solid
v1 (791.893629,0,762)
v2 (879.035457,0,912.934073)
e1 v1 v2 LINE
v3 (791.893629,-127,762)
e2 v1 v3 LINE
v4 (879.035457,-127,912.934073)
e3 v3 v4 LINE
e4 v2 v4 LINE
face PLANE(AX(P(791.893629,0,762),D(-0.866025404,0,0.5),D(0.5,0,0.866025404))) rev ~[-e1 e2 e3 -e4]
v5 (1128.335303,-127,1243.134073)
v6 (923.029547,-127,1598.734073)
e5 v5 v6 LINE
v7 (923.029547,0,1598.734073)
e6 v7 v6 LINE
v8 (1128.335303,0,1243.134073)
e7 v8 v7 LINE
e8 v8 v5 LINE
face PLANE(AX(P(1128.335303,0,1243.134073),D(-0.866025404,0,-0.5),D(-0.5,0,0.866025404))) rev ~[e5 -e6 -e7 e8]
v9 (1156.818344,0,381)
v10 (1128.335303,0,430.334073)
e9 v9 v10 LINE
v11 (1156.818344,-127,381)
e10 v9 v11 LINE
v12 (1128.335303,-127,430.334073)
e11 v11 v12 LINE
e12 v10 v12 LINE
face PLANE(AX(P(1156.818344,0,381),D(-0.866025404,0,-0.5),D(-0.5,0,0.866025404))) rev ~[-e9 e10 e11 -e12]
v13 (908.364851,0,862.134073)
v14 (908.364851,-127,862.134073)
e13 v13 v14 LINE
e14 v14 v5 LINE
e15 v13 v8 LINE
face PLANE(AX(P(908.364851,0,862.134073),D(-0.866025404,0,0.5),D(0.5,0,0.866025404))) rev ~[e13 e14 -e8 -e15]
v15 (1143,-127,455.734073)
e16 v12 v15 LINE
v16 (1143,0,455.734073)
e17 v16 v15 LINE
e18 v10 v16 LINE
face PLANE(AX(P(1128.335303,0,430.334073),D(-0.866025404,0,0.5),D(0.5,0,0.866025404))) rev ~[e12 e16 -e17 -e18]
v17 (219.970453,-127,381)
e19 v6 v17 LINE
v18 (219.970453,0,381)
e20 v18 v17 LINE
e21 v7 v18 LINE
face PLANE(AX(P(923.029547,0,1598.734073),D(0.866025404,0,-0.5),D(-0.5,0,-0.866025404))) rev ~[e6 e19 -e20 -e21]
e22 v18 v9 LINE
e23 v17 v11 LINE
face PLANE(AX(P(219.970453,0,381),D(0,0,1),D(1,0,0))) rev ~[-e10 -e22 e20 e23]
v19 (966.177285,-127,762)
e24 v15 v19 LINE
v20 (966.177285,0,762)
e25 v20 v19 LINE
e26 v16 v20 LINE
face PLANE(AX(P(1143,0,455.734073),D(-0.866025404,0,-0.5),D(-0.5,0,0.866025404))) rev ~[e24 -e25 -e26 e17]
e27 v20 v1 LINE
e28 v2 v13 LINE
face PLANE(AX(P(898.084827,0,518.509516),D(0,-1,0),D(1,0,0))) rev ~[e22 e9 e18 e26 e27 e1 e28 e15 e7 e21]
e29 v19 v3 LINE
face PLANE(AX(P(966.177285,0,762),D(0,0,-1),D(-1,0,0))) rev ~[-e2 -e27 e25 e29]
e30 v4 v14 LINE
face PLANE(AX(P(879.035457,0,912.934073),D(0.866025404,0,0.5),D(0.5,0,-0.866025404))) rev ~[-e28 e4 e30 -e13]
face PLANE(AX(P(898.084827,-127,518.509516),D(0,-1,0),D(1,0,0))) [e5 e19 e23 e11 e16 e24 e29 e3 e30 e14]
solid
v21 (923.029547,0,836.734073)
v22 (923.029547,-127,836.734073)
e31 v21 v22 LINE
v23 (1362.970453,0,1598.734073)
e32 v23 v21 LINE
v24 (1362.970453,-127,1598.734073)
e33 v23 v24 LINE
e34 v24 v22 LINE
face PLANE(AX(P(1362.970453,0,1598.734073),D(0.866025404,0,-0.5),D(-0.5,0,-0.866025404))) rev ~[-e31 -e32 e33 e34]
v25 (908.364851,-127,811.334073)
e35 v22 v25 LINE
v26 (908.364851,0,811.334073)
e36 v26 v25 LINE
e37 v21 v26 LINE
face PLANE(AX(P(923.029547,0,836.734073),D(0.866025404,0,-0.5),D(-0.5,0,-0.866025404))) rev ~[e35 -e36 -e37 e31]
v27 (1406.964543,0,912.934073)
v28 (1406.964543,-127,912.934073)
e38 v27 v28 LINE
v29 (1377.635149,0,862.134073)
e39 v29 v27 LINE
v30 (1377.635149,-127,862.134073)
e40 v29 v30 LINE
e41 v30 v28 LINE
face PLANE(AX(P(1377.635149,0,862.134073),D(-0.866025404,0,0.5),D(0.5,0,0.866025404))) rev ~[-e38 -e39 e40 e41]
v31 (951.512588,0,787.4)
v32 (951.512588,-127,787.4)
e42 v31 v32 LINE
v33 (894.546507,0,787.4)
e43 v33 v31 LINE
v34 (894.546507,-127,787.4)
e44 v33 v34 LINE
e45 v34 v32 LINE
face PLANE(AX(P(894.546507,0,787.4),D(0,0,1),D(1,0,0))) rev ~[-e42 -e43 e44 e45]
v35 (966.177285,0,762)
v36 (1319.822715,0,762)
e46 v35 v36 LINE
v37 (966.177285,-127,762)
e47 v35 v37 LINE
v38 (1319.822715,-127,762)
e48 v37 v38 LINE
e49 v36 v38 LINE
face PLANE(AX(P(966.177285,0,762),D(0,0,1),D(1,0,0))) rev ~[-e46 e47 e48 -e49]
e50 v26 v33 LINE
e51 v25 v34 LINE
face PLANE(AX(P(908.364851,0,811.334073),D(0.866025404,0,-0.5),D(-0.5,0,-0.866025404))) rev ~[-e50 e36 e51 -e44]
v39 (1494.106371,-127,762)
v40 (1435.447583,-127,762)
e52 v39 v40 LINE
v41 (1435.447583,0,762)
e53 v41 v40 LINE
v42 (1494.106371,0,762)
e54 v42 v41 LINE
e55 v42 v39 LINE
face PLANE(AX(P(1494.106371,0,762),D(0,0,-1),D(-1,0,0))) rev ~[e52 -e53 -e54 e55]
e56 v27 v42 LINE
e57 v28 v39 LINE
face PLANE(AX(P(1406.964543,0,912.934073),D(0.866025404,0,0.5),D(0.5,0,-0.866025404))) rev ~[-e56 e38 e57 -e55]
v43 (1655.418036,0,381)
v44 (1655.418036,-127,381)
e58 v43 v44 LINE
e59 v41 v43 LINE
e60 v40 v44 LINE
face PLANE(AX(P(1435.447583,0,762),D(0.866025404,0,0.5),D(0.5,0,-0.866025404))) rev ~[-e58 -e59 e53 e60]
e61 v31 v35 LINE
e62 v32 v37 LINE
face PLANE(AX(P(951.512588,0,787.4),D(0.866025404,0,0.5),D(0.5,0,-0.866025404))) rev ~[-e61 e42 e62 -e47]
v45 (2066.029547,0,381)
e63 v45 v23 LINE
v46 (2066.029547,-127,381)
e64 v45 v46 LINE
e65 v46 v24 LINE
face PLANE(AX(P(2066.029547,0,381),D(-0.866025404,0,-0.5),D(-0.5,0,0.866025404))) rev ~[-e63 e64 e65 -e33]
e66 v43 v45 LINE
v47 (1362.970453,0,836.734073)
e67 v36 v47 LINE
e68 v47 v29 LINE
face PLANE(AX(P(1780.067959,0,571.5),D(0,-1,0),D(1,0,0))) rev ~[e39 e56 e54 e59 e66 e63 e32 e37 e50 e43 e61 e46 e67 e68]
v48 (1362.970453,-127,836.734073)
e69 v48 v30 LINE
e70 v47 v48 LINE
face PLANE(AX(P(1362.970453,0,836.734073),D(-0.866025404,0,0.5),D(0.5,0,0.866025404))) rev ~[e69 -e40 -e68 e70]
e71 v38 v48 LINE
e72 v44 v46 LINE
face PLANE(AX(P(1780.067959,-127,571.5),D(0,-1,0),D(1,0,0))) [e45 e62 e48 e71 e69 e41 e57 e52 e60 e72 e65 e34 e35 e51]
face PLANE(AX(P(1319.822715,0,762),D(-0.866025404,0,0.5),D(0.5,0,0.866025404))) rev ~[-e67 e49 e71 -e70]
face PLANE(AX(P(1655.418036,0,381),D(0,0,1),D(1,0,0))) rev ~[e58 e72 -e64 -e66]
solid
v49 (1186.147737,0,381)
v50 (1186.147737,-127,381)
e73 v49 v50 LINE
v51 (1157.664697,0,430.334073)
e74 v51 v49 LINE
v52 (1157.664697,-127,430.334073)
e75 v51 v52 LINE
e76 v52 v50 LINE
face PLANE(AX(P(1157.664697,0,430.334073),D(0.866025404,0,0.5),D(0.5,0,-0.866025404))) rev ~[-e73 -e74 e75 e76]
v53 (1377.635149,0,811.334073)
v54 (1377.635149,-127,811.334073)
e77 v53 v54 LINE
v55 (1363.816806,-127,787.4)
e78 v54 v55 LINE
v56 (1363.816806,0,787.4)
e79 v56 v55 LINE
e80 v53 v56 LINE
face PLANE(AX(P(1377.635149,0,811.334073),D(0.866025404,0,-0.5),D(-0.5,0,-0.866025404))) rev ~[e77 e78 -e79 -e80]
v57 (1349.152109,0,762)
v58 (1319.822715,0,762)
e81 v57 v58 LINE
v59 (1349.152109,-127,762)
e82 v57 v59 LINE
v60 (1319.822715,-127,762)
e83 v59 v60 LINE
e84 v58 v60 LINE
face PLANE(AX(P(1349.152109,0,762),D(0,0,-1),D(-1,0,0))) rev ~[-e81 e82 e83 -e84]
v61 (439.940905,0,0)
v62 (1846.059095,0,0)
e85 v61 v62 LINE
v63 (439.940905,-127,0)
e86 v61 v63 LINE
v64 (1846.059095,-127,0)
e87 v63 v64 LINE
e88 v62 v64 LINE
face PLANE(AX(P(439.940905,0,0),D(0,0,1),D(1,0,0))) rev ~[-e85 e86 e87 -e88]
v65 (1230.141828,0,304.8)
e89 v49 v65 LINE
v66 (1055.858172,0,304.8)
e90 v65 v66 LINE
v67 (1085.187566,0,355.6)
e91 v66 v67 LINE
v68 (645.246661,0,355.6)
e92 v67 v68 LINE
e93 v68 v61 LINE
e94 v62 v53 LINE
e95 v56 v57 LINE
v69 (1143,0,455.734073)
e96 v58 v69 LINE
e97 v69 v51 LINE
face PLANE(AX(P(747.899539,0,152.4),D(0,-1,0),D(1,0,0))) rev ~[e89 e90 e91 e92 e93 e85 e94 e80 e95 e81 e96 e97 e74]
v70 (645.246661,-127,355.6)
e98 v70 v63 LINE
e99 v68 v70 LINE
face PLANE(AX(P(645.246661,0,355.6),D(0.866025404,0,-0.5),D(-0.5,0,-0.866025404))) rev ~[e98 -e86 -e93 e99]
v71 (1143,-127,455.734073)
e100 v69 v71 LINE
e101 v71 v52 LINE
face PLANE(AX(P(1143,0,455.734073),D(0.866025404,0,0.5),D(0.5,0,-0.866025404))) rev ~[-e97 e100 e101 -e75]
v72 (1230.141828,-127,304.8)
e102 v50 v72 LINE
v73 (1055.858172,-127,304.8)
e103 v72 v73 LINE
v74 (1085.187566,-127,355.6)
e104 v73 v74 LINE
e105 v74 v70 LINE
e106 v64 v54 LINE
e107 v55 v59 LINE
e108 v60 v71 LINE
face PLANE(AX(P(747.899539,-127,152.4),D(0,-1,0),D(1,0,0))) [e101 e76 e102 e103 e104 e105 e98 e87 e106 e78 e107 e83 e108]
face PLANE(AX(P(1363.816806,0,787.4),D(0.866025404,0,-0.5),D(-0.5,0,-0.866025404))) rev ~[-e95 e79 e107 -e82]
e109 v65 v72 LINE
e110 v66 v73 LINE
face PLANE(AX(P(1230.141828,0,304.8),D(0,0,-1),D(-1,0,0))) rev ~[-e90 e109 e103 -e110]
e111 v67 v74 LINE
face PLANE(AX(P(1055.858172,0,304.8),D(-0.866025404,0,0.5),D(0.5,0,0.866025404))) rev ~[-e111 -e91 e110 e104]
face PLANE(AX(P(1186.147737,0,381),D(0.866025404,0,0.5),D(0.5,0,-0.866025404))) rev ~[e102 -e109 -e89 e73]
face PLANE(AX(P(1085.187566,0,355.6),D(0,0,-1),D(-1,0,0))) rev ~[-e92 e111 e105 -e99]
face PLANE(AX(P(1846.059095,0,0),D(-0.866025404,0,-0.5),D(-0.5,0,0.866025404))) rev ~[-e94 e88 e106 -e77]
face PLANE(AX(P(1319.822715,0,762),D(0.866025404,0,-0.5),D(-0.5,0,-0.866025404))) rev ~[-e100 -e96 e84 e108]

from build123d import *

# Parameters (mm, degrees)
F1_DEPTH = 127


with BuildPart() as f1:
    # F0 (on Front) → F1 (new body)
    with BuildSketch(Plane.XZ):
        Polygon((615.9172671715, 304.8), (439.9409051225, 0), (879.881810245, 0), (1055.858172294, 304.8), align=None)
        Polygon((645.2466608463, 355.6), (615.9172671715, 304.8), (1055.858172294, 304.8), (1085.1875659688, 355.6), align=None)
        Polygon((1055.858172294, 304.8), (879.881810245, 0), (909.2112039198, 0), (1085.1875659688, 304.8), align=None)
        Polygon((1200.8124340312, 304.8), (1376.7887960802, 0), (1406.118189755, 0), (1230.141827706, 304.8), align=None)
        Polygon((1085.1875659688, 304.8), (909.2112039198, 0), (1376.7887960802, 0), (1200.8124340312, 304.8), align=None)
        Polygon((1230.141827706, 304.8), (1406.118189755, 0), (1846.0590948775, 0), (1670.0827328285, 304.8), align=None)
        Polygon((1200.8124340312, 355.6), (1230.141827706, 304.8), (1670.0827328285, 304.8), (1640.7533391537, 355.6), align=None)
        Polygon((1186.1477371938, 381), (1200.8124340312, 355.6), (1640.7533391537, 355.6), (1626.0886423163, 381), align=None)
        Polygon((1157.6646968374, 430.3340730512), (1186.1477371938, 381), (1626.0886423163, 381), (1406.118189755, 762), (1349.1521090423, 762), align=None)
        Polygon((1363.8168058797, 787.4), (1349.1521090423, 762), (1406.118189755, 762), (1391.4534929176, 787.4), align=None)
        Polygon((1377.6351493987, 811.3340730512), (1363.8168058797, 787.4), (1391.4534929176, 787.4), align=None)
        Polygon((1319.8227153675, 762), (1143, 455.7340730512), (1157.6646968374, 430.3340730512), (1349.1521090423, 762), align=None)
    extrude(amount=F1_DEPTH)


with BuildPart() as f1b:
    # F0 (on Front) → F1, piece 2 (new body)
    with BuildSketch(Plane.XZ):
        Polygon((1494.1063707795, 762), (1714.0768233408, 381), (2066.0295474388, 381), (1846.0590948775, 762), align=None)
        Polygon((1435.4475834298, 762), (1655.4180359911, 381), (1714.0768233408, 381), (1494.1063707795, 762), align=None)
        Polygon((1479.4416739421, 787.4), (1494.1063707795, 762), (1846.0590948775, 762), (1831.3943980401, 787.4), align=None)
        Polygon((1421.6292399109, 887.5340730512), (1479.4416739421, 787.4), (1831.3943980401, 787.4), (1597.6056019599, 1192.3340730512), align=None)
        Polygon((1582.9409051225, 1217.7340730512), (1406.9645430735, 912.9340730512), (1421.6292399109, 887.5340730512), (1597.6056019599, 1192.3340730512), align=None)
        Polygon((1362.9704525612, 1598.7340730512), (1186.9940905122, 1293.9340730512), (1406.9645430735, 912.9340730512), (1582.9409051225, 1217.7340730512), align=None)
        Polygon((1186.9940905122, 1293.9340730512), (1157.6646968374, 1243.1340730512), (1377.6351493987, 862.1340730512), (1406.9645430735, 912.9340730512), align=None)
        Polygon((1157.6646968374, 1243.1340730512), (1143, 1217.7340730512), (1362.9704525612, 836.7340730512), (1377.6351493987, 862.1340730512), align=None)
        Polygon((923.0295474388, 836.7340730512), (951.5125877951, 787.4), (1334.4874122049, 787.4), (1362.9704525612, 836.7340730512), (1143, 1217.7340730512), align=None)
        Polygon((908.3648506013, 811.3340730512), (922.1831941203, 787.4), (951.5125877951, 787.4), (923.0295474388, 836.7340730512), align=None)
        Polygon((908.3648506013, 811.3340730512), (894.5465070824, 787.4), (922.1831941203, 787.4), align=None)
        Polygon((951.5125877951, 787.4), (966.1772846325, 762), (1319.8227153675, 762), (1334.4874122049, 787.4), align=None)
    extrude(amount=F1_DEPTH)


with BuildPart() as f1c:
    # F0 (on Front) → F1, piece 3 (new body)
    with BuildSketch(Plane.XZ):
        Polygon((879.881810245, 762), (659.9113576837, 381), (1099.8522628062, 381), (1128.3353031626, 430.3340730512), (936.8478909577, 762), align=None)
        Polygon((850.5524165702, 762), (630.5819640089, 381), (659.9113576837, 381), (879.881810245, 762), align=None)
        Polygon((791.8936292205, 762), (571.9231766592, 381), (630.5819640089, 381), (850.5524165702, 762), align=None)
        Polygon((439.9409051225, 762), (219.9704525612, 381), (571.9231766592, 381), (791.8936292205, 762), align=None)
        Polygon((454.6056019599, 787.4), (439.9409051225, 762), (791.8936292205, 762), (806.5583260579, 787.4), align=None)
        Polygon((688.3943980401, 1192.3340730512), (454.6056019599, 787.4), (806.5583260579, 787.4), (864.3707600891, 887.5340730512), align=None)
        Polygon((703.0590948775, 1217.7340730512), (688.3943980401, 1192.3340730512), (864.3707600891, 887.5340730512), (879.0354569265, 912.9340730512), align=None)
        Polygon((923.0295474388, 1598.7340730512), (703.0590948775, 1217.7340730512), (879.0354569265, 912.9340730512), (1099.0059094878, 1293.9340730512), align=None)
        Polygon((1099.0059094878, 1293.9340730512), (879.0354569265, 912.9340730512), (908.3648506013, 862.1340730512), (1128.3353031626, 1243.1340730512), align=None)
        Polygon((1128.3353031626, 430.3340730512), (1099.8522628062, 381), (1129.1816564811, 381), (1143, 404.9340730512), align=None)
        Polygon((1143, 404.9340730512), (1129.1816564811, 381), (1156.8183435189, 381), align=None)
        Polygon((936.8478909577, 762), (1128.3353031626, 430.3340730512), (1143, 455.7340730512), (966.1772846325, 762), align=None)
    extrude(amount=F1_DEPTH)


solid = Compound([f1.part, f1b.part, f1c.part])
